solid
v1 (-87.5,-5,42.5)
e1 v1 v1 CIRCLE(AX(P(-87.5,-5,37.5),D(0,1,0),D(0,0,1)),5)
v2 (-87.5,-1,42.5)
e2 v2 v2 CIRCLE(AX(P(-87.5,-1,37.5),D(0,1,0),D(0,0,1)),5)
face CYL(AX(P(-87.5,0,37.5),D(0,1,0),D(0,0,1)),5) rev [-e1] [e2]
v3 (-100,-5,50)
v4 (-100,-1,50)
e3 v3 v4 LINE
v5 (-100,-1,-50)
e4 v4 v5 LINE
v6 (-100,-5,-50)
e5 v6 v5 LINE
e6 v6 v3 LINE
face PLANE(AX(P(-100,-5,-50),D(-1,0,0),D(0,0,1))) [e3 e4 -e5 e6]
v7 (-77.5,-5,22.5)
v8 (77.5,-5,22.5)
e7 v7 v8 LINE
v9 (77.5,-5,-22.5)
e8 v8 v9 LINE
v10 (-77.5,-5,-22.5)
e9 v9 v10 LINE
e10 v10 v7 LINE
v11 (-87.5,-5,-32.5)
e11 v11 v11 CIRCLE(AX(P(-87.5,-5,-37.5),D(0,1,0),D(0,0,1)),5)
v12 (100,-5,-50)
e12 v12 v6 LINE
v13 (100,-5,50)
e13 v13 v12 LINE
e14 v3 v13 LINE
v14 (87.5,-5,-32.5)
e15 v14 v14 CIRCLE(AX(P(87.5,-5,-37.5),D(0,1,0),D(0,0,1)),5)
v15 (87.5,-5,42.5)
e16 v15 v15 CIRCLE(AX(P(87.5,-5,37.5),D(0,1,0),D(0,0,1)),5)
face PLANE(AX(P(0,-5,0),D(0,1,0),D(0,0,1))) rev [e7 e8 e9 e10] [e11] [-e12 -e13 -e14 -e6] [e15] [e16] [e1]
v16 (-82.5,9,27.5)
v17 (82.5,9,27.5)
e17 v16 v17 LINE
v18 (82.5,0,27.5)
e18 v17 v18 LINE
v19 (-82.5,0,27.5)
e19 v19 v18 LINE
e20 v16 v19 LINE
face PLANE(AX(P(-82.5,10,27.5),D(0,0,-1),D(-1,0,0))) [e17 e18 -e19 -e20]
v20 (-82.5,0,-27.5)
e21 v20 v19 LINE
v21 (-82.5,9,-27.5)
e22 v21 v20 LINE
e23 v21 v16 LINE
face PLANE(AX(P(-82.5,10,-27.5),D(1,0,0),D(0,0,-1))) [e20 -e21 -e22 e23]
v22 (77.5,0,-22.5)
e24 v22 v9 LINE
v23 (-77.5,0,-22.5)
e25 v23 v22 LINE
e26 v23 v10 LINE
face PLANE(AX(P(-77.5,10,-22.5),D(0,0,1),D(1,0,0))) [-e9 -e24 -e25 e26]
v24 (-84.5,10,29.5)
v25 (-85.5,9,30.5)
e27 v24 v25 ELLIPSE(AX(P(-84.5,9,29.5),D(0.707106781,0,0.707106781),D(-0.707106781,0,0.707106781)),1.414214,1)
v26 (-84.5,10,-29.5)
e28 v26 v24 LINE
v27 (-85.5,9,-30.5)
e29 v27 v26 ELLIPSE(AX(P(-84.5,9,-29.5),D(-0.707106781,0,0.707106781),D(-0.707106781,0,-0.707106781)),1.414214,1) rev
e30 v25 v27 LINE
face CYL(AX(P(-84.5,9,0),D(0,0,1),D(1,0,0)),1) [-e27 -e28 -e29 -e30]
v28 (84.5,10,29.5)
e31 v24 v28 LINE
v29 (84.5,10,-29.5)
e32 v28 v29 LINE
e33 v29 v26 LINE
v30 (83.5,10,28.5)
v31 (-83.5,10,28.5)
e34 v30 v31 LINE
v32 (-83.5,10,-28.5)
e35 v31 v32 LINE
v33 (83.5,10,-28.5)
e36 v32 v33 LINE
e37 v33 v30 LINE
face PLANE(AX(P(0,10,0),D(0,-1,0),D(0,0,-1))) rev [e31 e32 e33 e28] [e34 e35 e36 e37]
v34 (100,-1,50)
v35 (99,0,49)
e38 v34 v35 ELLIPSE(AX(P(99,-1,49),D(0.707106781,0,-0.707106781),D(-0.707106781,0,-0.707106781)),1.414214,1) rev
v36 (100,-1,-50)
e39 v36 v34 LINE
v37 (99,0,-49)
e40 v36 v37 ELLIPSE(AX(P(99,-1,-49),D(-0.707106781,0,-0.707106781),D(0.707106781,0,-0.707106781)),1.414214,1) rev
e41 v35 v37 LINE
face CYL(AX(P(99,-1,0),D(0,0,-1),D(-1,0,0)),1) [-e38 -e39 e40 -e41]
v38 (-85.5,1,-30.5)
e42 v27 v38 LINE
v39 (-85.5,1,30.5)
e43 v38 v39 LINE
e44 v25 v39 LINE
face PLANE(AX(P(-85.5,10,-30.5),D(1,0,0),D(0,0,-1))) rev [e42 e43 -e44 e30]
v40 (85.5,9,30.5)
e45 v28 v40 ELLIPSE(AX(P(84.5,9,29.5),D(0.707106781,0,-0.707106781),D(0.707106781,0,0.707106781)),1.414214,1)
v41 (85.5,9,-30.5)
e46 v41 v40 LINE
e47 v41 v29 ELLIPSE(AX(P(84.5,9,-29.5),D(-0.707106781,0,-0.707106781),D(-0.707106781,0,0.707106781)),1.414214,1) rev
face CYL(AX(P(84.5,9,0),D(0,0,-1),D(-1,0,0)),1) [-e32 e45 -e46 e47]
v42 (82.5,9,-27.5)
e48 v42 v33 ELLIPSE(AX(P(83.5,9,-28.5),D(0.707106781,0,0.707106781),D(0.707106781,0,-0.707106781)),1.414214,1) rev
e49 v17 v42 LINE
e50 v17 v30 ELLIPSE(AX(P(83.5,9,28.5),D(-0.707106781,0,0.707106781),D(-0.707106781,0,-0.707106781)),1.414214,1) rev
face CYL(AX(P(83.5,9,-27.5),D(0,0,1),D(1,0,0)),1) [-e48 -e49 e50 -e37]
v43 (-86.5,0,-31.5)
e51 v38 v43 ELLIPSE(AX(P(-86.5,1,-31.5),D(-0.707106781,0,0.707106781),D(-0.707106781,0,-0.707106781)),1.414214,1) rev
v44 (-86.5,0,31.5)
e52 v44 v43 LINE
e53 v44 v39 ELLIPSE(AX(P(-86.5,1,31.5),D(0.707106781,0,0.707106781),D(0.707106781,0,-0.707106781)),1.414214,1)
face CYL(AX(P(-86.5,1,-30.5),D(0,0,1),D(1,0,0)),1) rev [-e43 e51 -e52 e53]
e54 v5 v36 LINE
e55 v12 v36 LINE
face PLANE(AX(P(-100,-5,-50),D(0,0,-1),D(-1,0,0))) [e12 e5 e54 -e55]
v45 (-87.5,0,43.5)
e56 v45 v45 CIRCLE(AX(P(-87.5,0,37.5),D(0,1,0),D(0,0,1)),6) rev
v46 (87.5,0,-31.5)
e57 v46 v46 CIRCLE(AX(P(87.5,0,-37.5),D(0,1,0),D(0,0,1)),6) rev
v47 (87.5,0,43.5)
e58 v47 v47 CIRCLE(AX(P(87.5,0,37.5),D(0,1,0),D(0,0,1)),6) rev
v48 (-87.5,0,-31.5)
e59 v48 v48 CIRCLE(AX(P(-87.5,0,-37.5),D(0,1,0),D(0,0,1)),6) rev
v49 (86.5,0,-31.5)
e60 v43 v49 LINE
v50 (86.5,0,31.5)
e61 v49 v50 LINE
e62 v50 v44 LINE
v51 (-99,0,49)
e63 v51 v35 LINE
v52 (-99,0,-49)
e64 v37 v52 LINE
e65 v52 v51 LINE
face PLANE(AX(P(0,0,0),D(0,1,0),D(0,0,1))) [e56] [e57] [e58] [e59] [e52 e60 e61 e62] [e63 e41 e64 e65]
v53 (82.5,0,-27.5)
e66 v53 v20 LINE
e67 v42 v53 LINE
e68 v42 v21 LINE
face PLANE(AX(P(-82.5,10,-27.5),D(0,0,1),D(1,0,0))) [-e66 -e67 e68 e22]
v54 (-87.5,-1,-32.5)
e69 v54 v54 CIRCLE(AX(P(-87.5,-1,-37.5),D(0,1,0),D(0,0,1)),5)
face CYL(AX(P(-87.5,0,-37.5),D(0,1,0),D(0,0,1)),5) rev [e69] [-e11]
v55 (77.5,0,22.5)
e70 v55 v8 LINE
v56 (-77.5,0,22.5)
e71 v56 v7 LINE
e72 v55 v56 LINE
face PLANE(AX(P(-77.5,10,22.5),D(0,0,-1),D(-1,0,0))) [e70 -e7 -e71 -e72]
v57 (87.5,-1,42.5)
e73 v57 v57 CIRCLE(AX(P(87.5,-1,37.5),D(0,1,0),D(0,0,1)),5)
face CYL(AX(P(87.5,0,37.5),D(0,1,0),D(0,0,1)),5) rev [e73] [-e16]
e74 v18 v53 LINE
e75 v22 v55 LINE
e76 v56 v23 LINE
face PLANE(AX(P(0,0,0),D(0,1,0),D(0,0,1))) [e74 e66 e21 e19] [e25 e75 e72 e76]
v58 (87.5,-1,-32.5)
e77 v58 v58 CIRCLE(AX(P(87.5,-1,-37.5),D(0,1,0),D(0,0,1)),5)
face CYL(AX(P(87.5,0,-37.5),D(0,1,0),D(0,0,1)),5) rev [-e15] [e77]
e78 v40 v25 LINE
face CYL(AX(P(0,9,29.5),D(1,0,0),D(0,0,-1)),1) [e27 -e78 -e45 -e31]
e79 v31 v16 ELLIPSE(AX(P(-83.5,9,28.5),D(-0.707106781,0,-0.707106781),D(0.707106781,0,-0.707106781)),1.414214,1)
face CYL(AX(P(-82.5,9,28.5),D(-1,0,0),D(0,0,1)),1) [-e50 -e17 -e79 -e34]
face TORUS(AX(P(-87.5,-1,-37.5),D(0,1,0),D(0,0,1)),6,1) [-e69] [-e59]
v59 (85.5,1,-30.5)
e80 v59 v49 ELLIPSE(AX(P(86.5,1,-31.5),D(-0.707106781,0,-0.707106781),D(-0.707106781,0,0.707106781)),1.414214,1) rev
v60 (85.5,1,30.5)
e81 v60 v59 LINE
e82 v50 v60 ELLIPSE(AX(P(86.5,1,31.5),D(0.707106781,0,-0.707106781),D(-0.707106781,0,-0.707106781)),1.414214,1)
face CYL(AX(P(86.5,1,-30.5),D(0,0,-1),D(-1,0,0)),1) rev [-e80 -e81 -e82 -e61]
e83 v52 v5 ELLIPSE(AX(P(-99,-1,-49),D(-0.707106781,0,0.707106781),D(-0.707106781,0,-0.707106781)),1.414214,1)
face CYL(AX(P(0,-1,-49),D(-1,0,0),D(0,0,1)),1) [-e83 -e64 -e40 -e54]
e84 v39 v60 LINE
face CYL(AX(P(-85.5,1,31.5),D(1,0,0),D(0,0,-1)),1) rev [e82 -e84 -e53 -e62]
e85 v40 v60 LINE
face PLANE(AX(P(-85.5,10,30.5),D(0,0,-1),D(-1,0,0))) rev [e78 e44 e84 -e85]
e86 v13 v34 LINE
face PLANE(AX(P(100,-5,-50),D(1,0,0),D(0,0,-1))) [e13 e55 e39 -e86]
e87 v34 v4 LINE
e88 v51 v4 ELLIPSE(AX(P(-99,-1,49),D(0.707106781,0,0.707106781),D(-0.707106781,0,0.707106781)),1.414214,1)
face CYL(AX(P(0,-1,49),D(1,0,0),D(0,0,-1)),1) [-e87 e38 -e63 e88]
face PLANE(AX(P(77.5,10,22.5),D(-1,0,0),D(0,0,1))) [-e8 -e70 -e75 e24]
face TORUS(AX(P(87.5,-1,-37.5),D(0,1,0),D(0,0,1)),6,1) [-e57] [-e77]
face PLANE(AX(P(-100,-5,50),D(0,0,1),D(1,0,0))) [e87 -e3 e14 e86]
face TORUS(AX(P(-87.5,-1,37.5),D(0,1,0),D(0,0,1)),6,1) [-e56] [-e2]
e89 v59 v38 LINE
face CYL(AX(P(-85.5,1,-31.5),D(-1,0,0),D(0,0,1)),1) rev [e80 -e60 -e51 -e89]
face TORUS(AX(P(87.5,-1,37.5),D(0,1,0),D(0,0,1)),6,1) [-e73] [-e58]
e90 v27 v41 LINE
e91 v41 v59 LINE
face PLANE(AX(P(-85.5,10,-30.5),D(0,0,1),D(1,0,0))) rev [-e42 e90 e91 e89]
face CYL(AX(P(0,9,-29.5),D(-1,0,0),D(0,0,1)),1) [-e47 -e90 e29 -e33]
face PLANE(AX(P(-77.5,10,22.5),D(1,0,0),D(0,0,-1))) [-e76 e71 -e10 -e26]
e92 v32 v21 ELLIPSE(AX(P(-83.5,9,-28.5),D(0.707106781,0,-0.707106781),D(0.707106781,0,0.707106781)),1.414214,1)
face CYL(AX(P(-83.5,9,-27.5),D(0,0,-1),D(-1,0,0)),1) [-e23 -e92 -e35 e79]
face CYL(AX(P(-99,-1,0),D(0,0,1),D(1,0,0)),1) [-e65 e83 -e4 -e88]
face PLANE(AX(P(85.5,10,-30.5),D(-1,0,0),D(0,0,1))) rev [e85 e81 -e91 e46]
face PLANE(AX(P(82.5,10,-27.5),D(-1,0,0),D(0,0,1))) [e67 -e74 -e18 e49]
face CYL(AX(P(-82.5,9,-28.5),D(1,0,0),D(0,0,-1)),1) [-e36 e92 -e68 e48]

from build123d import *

# Parameters (mm, degrees)
SKETCH1_W               = 171
SKETCH1_H               = 61
SKETCH1_W_2             = 165
SKETCH1_H_2             = 55
BOSS_EXTRUDE1_DEPTH     = 10
SKETCH2_W               = 200
SKETCH2_H               = 100
BOSS_EXTRUDE2_DEPTH     = 5
FILLET1_R               = 1
F_10_0MM_DOWEL_HOLE1_D  = 10
FILLET2_R               = 1
CUT_EXTRUDE2_DEPTH      = 113.249721603
CUT_EXTRUDE2_DEPTH_BACK = 113.249721603
SKETCH5_W               = 155
SKETCH5_H               = 45


with BuildPart() as part:
    # Sketch1 → Boss-Extrude1 (new body)
    with BuildSketch(Plane(origin=(0, 0, 0), x_dir=(1, 0, 0), z_dir=(0, 1, 0))):
        Rectangle(SKETCH1_W, SKETCH1_H)
        Rectangle(SKETCH1_W_2, SKETCH1_H_2, mode=Mode.SUBTRACT)
    extrude(amount=BOSS_EXTRUDE1_DEPTH)

    # Sketch2 → Boss-Extrude2 (add)
    with BuildSketch(Plane(origin=(0, 0, 0), x_dir=(1, 0, 0), z_dir=(0, 1, 0))):
        Rectangle(SKETCH2_W, SKETCH2_H)
    extrude(amount=-BOSS_EXTRUDE2_DEPTH)

    # Fillet1
    fillet1_edges = [part.edges().sort_by_distance(p)[0] for p in [
        (0, 10, 30.5),
        (82.5, 10, 0),
        (85.5, 10, 0),
        (0, 10, -27.5),
        (-82.5, 10, 0),
        (0, 10, 27.5),
        (0, 10, -30.5),
        (-85.5, 10, 0),
    ]]
    fillet(fillet1_edges, radius=FILLET1_R)

    # Ø10.0mm Dowel Hole1 (through all)
    with Locations(Plane(origin=(-87.5, 0, -37.5), x_dir=(0, 0, 1), z_dir=(0, 1, 0))):
        with Locations((0, 0), (0, 175), (75, 175), (75, 0)):
            Hole(F_10_0MM_DOWEL_HOLE1_D / 2)

    # Fillet2
    fillet2_edges = [part.edges().sort_by_distance(p)[0] for p in [
        (100, 0, 0),
        (0, 0, -50),
        (-100, 0, 0),
        (0, 0, 50),
        (85.5, 0, 0),
        (0, 0, 30.5),
        (-85.5, 0, 0),
        (0, 0, -30.5),
        (-87.5, 0, 42.5),
        (87.5, 0, 42.5),
        (87.5, 0, -32.5),
        (-87.5, 0, -32.5),
    ]]
    fillet(fillet2_edges, radius=FILLET2_R)

    # Sketch5 → Cut-Extrude2 (cut, two sides: drawn at the far end of the back side and taken through both)
    with BuildSketch(Plane(origin=(0, 0, 0), x_dir=(1, 0, 0), z_dir=(0, 1, 0)).offset(-CUT_EXTRUDE2_DEPTH_BACK)):
        Rectangle(SKETCH5_W, SKETCH5_H)
    extrude(amount=CUT_EXTRUDE2_DEPTH + CUT_EXTRUDE2_DEPTH_BACK, mode=Mode.SUBTRACT)


solid = part.part
